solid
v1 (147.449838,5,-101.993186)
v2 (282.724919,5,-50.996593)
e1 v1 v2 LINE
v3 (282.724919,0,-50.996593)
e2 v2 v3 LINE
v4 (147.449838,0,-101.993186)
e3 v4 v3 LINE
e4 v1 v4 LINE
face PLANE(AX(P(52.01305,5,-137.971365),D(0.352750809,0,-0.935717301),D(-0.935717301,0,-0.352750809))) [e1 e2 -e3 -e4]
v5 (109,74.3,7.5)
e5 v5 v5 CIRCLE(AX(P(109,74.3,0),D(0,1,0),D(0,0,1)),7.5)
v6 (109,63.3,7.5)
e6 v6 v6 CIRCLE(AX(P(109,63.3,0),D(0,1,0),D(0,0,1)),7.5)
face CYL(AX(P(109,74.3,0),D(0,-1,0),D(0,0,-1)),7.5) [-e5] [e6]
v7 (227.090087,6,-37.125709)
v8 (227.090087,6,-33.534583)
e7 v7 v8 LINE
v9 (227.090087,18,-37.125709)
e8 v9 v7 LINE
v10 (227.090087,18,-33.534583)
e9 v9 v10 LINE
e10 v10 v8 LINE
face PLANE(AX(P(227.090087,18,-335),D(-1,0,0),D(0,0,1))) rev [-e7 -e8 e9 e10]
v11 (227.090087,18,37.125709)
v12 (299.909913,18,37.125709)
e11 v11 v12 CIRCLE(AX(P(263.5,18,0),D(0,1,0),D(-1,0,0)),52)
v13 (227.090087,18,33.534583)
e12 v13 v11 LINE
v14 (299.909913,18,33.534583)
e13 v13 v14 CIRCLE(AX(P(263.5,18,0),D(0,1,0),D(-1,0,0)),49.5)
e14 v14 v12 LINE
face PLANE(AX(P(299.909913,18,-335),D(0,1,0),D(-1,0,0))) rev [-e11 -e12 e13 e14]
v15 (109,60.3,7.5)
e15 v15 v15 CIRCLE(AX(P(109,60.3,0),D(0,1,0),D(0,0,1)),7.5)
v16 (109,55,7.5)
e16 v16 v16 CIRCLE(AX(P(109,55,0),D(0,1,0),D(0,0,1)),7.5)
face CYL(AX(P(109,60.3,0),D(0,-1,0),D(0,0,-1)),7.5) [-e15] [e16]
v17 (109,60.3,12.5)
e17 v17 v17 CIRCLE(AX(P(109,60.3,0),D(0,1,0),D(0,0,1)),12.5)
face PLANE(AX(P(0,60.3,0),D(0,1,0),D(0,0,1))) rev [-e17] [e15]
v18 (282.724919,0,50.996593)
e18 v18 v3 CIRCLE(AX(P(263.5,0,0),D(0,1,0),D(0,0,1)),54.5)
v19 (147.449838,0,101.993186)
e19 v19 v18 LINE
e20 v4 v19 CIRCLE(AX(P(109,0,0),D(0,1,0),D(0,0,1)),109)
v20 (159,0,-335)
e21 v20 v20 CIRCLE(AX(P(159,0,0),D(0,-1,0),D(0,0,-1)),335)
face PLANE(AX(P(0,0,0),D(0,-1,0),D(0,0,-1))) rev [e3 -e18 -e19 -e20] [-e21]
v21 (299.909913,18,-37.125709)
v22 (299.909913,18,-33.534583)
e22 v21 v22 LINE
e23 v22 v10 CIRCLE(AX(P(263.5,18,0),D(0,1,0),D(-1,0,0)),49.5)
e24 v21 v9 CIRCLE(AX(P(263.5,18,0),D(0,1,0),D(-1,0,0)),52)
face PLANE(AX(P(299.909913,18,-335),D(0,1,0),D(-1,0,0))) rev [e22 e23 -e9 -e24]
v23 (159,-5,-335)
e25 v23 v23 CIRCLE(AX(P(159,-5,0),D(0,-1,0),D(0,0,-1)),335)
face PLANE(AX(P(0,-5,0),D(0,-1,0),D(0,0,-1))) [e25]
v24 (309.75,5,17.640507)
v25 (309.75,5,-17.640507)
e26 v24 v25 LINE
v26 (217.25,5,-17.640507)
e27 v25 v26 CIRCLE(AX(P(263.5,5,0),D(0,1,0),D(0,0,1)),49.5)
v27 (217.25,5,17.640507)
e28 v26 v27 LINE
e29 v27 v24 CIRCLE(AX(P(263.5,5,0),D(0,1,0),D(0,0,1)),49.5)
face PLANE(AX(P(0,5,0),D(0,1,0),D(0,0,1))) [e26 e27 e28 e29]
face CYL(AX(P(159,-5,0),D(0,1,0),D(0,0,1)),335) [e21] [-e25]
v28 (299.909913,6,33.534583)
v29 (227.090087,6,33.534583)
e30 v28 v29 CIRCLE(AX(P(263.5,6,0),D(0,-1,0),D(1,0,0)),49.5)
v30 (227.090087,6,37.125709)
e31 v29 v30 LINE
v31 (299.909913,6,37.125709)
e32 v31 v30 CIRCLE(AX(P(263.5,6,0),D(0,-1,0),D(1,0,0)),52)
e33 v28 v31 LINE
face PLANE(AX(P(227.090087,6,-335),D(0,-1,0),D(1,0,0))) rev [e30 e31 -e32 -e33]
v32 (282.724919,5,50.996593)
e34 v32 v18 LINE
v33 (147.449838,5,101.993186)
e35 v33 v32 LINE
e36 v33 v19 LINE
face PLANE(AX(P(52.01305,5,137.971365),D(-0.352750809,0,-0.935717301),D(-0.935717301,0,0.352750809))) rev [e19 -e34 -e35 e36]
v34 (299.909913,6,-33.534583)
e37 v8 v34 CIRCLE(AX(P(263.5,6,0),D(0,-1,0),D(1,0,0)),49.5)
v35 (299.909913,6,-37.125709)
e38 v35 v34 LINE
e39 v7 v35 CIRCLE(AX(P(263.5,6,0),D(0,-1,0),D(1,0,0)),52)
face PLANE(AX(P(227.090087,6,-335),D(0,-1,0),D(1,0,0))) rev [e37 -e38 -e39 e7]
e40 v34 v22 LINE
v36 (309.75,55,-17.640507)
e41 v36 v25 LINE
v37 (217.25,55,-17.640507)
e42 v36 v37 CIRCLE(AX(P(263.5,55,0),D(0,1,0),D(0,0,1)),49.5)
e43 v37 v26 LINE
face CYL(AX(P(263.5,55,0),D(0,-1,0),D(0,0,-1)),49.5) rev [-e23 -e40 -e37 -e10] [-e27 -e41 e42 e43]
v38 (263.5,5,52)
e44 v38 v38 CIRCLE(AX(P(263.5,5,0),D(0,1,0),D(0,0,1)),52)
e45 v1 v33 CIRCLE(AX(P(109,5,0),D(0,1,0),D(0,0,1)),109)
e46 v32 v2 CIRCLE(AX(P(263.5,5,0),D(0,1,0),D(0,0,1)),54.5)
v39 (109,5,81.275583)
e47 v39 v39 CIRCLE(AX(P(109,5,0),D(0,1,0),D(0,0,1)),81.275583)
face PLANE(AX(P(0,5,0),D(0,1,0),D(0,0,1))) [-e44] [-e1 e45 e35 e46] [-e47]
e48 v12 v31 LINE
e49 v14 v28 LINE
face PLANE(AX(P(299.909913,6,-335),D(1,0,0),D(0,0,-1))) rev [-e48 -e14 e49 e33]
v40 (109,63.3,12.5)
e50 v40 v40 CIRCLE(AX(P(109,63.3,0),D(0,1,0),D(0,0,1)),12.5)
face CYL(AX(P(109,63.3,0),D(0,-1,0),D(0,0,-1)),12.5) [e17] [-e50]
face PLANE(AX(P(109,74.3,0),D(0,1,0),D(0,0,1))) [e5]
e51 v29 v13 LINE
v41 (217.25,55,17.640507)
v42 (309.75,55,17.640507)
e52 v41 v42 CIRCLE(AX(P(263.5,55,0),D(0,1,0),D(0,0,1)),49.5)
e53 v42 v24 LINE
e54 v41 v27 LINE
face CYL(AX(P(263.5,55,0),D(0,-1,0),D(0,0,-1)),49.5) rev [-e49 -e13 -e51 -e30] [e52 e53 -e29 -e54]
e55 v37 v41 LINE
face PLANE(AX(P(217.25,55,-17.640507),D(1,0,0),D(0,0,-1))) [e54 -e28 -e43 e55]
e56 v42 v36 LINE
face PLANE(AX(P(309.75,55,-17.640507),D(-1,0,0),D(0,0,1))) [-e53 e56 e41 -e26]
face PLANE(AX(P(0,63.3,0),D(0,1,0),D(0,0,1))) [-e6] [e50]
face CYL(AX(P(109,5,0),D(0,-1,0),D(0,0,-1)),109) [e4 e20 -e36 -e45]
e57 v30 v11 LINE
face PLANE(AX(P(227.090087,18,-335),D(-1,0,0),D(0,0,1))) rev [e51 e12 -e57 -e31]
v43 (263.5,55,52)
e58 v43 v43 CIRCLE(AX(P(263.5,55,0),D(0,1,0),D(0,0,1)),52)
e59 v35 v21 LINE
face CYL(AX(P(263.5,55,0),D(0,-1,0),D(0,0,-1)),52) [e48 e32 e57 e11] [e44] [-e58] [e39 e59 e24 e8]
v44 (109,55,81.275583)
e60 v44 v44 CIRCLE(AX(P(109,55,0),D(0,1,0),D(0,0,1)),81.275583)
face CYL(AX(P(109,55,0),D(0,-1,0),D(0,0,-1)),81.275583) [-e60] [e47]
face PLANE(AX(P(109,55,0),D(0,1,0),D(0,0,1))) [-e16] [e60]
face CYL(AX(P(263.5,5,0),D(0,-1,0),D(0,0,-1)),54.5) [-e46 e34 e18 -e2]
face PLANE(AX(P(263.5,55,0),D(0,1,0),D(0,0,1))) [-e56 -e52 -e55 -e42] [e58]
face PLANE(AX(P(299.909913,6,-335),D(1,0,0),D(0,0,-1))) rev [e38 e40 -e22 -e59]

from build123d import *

# Parameters (mm, degrees)
EXTRUDE_1_DEPTH          = 5
SKETCH_2_R               = 52
EXTRUDE_2_DEPTH          = 50
SKETCH_3_R               = 7.5
EXTRUDE_3_DEPTH          = 55.3
SKETCH_4_R               = 12.5
EXTRUDE_4_DEPTH          = 3
SKETCH_5_R               = 7.5
EXTRUDE_5_DEPTH          = 11
SKETCH_6_R               = 81.275582603
EXTRUDE_6_DEPTH          = 50
SKETCH_7_R               = 335
EXTRUDE_7_DEPTH          = 5
CUT_EXTRUDE_1_DEPTH      = 632.922060068
CUT_EXTRUDE_1_DEPTH_BACK = 632.922060068
SKETCH_8_W               = 72.819825202
SKETCH_8_H               = 12


with BuildPart() as part:
    # 草图1 → 凸台-拉伸1 (new body)
    with BuildSketch(Plane(origin=(0, 0, 0), x_dir=(1, 0, 0), z_dir=(0, 1, 0))):
        with BuildLine():
            Line((282.724919094, 50.996592885), (147.449838188, 101.993185769))
            ThreePointArc((147.449838188, 101.993185769), (0, 0), (147.449838188, -101.993185769))
            Line((147.449838188, -101.993185769), (282.724919094, -50.996592885))
            ThreePointArc((282.724919094, -50.996592885), (318, 0), (282.724919094, 50.996592885))
        make_face()
    extrude(amount=EXTRUDE_1_DEPTH)

    # 草图2 → 凸台-拉伸2 (add)
    with BuildSketch(Plane(origin=(0, 5, 0), x_dir=(1, 0, 0), z_dir=(0, 1, 0))):
        with Locations(Location((263.5, 0, 0), (0, 0, 270))):
            Circle(SKETCH_2_R)
        with BuildLine():
            Line((217.25, 17.640507362), (217.25, -17.640507362))
            ThreePointArc((217.25, -17.640507362), (263.5, -49.5), (309.75, -17.640507362))
            Line((309.75, -17.640507362), (309.75, 17.640507362))
            ThreePointArc((309.75, 17.640507362), (263.5, 49.5), (217.25, 17.640507362))
        make_face(mode=Mode.SUBTRACT)
    extrude(amount=EXTRUDE_2_DEPTH)

    # 草图3 → 凸台-拉伸3 (add)
    with BuildSketch(Plane(origin=(0, 5, 0), x_dir=(1, 0, 0), z_dir=(0, 1, 0))):
        with Locations(Location((109, 0, 0), (0, 0, 270))):
            Circle(SKETCH_3_R)
    extrude(amount=EXTRUDE_3_DEPTH)

    # 草图4 → 凸台-拉伸4 (add)
    with BuildSketch(Plane(origin=(0, 60.3, 0), x_dir=(1, 0, 0), z_dir=(0, 1, 0))):
        with Locations(Location((109, 0, 0), (0, 0, 270))):
            Circle(SKETCH_4_R)
    extrude(amount=EXTRUDE_4_DEPTH)

    # 草图5 → 凸台-拉伸5 (add)
    with BuildSketch(Plane(origin=(0, 63.3, 0), x_dir=(1, 0, 0), z_dir=(0, 1, 0))):
        with Locations(Location((109, 0, 0), (0, 0, 270))):
            Circle(SKETCH_5_R)
    extrude(amount=EXTRUDE_5_DEPTH)

    # 草图6 → 凸台-拉伸6 (add)
    with BuildSketch(Plane(origin=(0, 5, 0), x_dir=(1, 0, 0), z_dir=(0, 1, 0))):
        with Locations(Location((109, 0, 0), (0, 0, 270))):
            Circle(SKETCH_6_R)
    extrude(amount=EXTRUDE_6_DEPTH)

    # 草图7 → 凸台-拉伸7 (add)
    with BuildSketch(Plane(origin=(0, 0, 0), x_dir=(-1, 0, 0), z_dir=(0, -1, 0))):
        with Locations(Location((-159, 0, 0), (0, 0, 90))):
            Circle(SKETCH_7_R)
    extrude(amount=EXTRUDE_7_DEPTH)

    # 草图8 → 切除-拉伸1 (cut, two sides: drawn at the far end of the back side and taken through both)
    with BuildSketch(Plane.XY.offset(52).offset(-CUT_EXTRUDE_1_DEPTH_BACK)):
        with Locations((263.5, 12)):
            Rectangle(SKETCH_8_W, SKETCH_8_H)
    extrude(amount=CUT_EXTRUDE_1_DEPTH + CUT_EXTRUDE_1_DEPTH_BACK, mode=Mode.SUBTRACT)


solid = part.part
